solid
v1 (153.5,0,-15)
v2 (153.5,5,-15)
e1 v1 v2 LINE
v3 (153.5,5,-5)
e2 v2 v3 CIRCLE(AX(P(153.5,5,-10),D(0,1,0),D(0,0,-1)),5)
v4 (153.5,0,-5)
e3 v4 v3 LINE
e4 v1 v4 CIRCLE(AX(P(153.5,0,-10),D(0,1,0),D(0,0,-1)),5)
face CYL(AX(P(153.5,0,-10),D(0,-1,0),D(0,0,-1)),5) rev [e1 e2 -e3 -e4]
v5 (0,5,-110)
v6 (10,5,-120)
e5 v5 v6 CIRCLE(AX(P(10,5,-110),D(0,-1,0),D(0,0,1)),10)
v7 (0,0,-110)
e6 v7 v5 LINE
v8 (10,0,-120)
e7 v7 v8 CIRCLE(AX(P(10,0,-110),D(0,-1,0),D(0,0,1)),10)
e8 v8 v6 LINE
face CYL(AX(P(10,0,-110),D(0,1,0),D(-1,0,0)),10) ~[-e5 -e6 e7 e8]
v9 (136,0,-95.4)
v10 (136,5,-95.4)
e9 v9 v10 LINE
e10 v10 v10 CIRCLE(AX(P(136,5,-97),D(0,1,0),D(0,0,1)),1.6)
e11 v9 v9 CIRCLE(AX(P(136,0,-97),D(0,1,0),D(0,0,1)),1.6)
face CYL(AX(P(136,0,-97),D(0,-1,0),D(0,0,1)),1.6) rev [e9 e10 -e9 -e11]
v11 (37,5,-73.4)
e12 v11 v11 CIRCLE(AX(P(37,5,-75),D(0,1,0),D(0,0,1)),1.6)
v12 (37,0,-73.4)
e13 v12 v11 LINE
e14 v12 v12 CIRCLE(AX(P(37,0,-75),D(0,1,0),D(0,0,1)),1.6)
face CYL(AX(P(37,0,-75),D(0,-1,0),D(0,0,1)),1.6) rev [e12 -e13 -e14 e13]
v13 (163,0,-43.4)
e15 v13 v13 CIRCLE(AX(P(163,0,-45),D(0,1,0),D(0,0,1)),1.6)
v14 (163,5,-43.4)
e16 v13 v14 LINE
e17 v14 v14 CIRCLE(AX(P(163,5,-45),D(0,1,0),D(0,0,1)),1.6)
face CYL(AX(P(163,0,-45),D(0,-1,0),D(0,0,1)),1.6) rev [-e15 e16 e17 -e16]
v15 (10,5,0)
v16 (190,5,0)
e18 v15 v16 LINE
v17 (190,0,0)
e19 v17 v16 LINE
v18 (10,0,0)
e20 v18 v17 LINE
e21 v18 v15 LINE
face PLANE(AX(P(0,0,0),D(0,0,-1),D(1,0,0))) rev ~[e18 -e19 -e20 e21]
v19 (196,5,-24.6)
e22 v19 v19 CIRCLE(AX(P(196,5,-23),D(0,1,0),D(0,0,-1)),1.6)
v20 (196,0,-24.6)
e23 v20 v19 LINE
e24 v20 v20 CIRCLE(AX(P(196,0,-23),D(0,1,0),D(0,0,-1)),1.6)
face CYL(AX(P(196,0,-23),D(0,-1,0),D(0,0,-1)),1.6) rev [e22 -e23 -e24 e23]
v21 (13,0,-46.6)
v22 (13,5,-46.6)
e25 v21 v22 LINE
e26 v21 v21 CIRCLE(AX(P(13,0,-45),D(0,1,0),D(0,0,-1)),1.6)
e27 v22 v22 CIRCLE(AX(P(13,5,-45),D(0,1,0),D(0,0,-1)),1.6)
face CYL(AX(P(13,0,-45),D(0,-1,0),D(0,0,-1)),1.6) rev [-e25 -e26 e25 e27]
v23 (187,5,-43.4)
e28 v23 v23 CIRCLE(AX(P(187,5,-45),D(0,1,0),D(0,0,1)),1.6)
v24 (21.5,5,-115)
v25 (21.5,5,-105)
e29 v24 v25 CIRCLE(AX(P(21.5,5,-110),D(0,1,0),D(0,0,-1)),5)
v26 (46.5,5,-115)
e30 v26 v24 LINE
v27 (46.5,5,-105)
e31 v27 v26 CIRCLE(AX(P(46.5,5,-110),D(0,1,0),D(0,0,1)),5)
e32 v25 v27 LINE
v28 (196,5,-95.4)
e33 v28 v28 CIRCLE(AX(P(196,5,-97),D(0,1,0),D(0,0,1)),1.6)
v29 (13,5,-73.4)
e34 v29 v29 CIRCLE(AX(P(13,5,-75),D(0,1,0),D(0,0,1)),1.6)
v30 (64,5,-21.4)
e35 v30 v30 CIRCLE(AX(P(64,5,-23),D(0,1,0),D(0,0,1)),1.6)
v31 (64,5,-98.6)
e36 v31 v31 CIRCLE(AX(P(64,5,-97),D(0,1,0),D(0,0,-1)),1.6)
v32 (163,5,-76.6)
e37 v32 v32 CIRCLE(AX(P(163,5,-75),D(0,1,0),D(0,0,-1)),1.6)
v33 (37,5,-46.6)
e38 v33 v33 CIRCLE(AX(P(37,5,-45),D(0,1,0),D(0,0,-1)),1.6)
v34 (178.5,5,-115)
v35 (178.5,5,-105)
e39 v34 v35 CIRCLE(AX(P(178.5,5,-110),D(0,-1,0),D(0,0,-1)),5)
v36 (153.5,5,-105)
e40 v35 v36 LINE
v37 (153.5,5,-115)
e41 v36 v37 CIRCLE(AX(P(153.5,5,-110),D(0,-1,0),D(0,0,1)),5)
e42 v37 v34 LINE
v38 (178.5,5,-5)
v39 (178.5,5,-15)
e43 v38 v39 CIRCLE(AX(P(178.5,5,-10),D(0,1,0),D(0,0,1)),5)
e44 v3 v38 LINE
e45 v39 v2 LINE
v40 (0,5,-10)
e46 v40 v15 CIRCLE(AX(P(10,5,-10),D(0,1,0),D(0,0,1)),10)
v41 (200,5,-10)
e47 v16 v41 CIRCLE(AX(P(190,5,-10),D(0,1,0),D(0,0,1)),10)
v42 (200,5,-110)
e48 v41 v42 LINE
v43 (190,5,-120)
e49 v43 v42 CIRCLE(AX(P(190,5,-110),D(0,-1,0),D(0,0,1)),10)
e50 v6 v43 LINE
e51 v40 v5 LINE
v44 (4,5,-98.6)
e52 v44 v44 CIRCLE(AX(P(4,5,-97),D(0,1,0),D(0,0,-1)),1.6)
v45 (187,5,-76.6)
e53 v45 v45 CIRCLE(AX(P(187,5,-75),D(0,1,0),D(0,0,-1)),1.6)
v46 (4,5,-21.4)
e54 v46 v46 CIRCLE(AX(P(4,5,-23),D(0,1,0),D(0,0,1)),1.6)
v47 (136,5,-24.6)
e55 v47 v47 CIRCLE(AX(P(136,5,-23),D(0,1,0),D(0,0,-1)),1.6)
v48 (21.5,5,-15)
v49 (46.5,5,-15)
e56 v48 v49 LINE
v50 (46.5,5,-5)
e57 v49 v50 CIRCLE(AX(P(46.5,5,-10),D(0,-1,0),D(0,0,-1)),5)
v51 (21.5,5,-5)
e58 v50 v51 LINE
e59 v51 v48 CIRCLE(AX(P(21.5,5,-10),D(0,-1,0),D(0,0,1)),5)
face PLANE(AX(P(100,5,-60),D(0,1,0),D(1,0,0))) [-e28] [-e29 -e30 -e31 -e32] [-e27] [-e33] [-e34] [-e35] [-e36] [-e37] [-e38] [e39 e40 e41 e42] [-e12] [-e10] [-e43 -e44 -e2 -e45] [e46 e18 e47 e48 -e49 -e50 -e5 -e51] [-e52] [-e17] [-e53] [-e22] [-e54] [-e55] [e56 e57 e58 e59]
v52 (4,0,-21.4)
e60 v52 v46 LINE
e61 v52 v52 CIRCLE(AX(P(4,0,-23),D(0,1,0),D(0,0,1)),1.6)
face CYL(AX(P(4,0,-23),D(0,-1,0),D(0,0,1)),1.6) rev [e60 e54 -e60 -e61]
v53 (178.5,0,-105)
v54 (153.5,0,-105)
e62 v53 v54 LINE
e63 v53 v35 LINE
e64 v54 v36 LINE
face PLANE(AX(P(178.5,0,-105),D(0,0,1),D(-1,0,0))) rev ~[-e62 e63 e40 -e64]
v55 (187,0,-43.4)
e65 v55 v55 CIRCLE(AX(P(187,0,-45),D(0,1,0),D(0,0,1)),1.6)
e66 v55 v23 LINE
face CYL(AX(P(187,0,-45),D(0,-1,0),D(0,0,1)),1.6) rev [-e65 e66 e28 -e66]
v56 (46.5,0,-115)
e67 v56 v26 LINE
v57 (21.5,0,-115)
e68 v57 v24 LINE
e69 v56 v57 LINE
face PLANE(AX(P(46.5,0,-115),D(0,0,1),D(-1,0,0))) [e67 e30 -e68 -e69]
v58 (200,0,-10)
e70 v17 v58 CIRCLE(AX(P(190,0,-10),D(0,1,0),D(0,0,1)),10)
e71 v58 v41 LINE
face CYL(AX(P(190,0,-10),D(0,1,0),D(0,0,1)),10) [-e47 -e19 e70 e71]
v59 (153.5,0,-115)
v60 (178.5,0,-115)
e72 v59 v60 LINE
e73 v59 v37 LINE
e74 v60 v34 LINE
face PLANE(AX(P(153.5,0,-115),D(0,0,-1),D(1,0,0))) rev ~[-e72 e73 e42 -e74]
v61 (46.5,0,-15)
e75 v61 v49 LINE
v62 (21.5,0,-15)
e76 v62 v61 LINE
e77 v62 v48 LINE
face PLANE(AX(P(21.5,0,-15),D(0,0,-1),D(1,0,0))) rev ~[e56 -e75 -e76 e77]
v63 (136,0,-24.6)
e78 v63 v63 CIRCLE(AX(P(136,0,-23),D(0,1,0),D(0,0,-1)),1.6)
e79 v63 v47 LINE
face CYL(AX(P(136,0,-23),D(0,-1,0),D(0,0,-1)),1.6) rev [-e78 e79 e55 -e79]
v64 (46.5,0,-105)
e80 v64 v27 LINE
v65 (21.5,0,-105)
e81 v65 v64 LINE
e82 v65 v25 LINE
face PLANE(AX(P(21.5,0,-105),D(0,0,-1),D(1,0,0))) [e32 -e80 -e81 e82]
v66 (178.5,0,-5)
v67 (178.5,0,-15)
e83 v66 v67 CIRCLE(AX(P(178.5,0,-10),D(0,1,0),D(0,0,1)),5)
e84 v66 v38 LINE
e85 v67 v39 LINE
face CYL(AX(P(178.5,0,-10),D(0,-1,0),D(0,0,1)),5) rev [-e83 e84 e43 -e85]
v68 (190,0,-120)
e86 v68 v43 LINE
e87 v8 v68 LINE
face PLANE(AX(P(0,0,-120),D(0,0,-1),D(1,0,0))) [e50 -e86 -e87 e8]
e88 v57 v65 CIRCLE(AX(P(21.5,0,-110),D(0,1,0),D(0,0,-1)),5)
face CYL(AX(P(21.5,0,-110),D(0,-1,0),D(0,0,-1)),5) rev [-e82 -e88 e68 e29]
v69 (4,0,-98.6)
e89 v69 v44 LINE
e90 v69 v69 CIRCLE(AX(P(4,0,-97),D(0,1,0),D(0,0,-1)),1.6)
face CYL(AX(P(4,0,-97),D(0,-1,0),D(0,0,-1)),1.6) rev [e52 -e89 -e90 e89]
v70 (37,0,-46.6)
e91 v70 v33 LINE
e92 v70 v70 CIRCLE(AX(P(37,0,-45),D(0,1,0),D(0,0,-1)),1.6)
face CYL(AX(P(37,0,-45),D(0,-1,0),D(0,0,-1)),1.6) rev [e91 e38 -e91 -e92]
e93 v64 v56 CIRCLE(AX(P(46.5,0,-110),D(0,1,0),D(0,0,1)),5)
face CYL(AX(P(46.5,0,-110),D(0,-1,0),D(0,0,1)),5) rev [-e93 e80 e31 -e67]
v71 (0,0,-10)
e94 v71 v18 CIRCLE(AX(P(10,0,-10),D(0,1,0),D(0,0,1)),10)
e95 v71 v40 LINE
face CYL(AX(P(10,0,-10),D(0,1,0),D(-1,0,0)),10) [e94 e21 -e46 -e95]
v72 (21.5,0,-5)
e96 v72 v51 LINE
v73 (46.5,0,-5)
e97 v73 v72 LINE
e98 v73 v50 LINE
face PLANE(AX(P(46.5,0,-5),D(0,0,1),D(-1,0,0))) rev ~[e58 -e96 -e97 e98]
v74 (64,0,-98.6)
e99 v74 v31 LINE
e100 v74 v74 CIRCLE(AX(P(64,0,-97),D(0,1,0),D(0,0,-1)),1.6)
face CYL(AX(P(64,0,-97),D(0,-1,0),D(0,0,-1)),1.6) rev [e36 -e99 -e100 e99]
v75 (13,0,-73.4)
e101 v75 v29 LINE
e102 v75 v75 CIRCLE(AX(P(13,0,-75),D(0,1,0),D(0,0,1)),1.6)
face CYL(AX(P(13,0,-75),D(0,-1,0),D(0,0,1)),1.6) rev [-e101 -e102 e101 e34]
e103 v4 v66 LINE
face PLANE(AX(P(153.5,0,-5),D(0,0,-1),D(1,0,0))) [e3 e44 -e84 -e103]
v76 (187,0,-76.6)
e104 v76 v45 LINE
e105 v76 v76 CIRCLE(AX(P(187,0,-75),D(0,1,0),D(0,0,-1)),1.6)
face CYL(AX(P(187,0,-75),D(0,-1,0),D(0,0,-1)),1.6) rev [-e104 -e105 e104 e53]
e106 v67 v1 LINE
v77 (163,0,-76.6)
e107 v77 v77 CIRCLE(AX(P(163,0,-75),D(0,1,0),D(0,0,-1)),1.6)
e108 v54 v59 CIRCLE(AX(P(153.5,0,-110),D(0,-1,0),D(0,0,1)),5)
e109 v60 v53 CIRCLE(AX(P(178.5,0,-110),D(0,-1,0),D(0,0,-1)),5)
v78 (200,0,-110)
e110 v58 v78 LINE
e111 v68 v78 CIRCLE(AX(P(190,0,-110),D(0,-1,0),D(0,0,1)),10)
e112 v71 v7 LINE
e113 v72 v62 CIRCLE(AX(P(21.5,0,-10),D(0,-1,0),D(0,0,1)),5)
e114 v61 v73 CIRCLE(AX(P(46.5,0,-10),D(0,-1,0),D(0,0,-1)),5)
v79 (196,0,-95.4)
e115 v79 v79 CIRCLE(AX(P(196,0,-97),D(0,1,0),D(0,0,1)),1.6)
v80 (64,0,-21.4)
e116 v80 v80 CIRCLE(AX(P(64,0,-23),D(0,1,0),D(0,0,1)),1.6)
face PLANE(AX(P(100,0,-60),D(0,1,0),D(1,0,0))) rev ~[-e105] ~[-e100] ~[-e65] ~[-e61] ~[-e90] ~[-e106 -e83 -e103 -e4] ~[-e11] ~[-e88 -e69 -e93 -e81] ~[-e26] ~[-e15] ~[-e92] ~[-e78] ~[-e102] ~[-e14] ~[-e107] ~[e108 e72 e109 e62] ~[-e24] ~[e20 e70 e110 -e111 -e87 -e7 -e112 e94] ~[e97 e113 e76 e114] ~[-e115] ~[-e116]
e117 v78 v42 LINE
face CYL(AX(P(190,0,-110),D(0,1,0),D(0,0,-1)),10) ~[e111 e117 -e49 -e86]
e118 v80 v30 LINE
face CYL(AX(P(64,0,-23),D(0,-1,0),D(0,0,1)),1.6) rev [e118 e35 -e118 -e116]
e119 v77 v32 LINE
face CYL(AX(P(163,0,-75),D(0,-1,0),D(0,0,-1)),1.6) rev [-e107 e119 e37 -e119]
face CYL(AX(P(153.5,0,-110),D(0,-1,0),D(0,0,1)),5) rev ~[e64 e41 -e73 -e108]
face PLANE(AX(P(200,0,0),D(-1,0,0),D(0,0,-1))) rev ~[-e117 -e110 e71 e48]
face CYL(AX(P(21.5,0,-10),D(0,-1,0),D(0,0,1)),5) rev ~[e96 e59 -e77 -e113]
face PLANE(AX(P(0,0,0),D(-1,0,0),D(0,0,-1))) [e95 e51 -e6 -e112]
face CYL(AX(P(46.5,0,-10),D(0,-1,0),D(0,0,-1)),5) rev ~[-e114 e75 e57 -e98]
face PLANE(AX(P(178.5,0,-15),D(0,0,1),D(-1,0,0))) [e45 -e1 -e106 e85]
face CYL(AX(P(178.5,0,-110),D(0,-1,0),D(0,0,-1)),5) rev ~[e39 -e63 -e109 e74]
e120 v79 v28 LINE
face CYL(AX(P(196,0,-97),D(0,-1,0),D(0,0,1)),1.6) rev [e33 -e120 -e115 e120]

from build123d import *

# Parameters (mm, degrees)
SKETCH_2_W      = 200
SKETCH_2_H      = 120
SKETCH_2_R      = 1.6
EXTRUDE_1_DEPTH = 5
FILLET_1_R      = 10


with BuildPart() as part:
    # 草图2 → 凸台-拉伸1 (new body)
    with BuildSketch(Plane(origin=(0, 0, 0), x_dir=(1, 0, 0), z_dir=(0, 1, 0))):
        with Locations((100, 60)):
            Rectangle(SKETCH_2_W, SKETCH_2_H)
        with Locations(Location((187, 45, 0), (0, 0, 270))):
            Circle(SKETCH_2_R, mode=Mode.SUBTRACT)
        with Locations(Location((187, 75, 0), (0, 0, 90))):
            Circle(SKETCH_2_R, mode=Mode.SUBTRACT)
        with Locations(Location((163, 45, 0), (0, 0, 270))):
            Circle(SKETCH_2_R, mode=Mode.SUBTRACT)
        with Locations(Location((163, 75, 0), (0, 0, 90))):
            Circle(SKETCH_2_R, mode=Mode.SUBTRACT)
        with Locations(Location((13, 45, 0), (0, 0, 90))):
            Circle(SKETCH_2_R, mode=Mode.SUBTRACT)
        with Locations(Location((37, 45, 0), (0, 0, 90))):
            Circle(SKETCH_2_R, mode=Mode.SUBTRACT)
        with Locations(Location((13, 75, 0), (0, 0, 270))):
            Circle(SKETCH_2_R, mode=Mode.SUBTRACT)
        with Locations(Location((37, 75, 0), (0, 0, 270))):
            Circle(SKETCH_2_R, mode=Mode.SUBTRACT)
        with Locations(Location((196, 97, 0), (0, 0, 270))):
            Circle(SKETCH_2_R, mode=Mode.SUBTRACT)
        with Locations(Location((136, 97, 0), (0, 0, 270))):
            Circle(SKETCH_2_R, mode=Mode.SUBTRACT)
        with Locations(Location((196, 23, 0), (0, 0, 90))):
            Circle(SKETCH_2_R, mode=Mode.SUBTRACT)
        with Locations(Location((136, 23, 0), (0, 0, 90))):
            Circle(SKETCH_2_R, mode=Mode.SUBTRACT)
        with Locations(Location((4, 23, 0), (0, 0, 270))):
            Circle(SKETCH_2_R, mode=Mode.SUBTRACT)
        with Locations(Location((4, 97, 0), (0, 0, 90))):
            Circle(SKETCH_2_R, mode=Mode.SUBTRACT)
        with Locations(Location((64, 23, 0), (0, 0, 270))):
            Circle(SKETCH_2_R, mode=Mode.SUBTRACT)
        with Locations(Location((64, 97, 0), (0, 0, 90))):
            Circle(SKETCH_2_R, mode=Mode.SUBTRACT)
        with BuildLine():
            Line((153.5, 115), (178.5, 115))
            ThreePointArc((178.5, 115), (183.5, 110), (178.5, 105))
            Line((178.5, 105), (153.5, 105))
            ThreePointArc((153.5, 105), (148.5, 110), (153.5, 115))
        make_face(mode=Mode.SUBTRACT)
        with BuildLine():
            Line((153.5, 5), (178.5, 5))
            ThreePointArc((178.5, 5), (183.5, 10), (178.5, 15))
            Line((178.5, 15), (153.5, 15))
            ThreePointArc((153.5, 15), (148.5, 10), (153.5, 5))
        make_face(mode=Mode.SUBTRACT)
        with BuildLine():
            Line((46.5, 115), (21.5, 115))
            ThreePointArc((21.5, 115), (16.5, 110), (21.5, 105))
            Line((21.5, 105), (46.5, 105))
            ThreePointArc((46.5, 105), (51.5, 110), (46.5, 115))
        make_face(mode=Mode.SUBTRACT)
        with BuildLine():
            Line((46.5, 5), (21.5, 5))
            ThreePointArc((21.5, 5), (16.5, 10), (21.5, 15))
            Line((21.5, 15), (46.5, 15))
            ThreePointArc((46.5, 15), (51.5, 10), (46.5, 5))
        make_face(mode=Mode.SUBTRACT)
    extrude(amount=EXTRUDE_1_DEPTH)

    # 圆角1
    fillet_1_edges = [part.edges().sort_by_distance(p)[0] for p in [
        (0, 2.5, -120),
        (200, 2.5, -120),
        (200, 2.5, 0),
        (0, 2.5, 0),
    ]]
    fillet(fillet_1_edges, radius=FILLET_1_R)


solid = part.part
